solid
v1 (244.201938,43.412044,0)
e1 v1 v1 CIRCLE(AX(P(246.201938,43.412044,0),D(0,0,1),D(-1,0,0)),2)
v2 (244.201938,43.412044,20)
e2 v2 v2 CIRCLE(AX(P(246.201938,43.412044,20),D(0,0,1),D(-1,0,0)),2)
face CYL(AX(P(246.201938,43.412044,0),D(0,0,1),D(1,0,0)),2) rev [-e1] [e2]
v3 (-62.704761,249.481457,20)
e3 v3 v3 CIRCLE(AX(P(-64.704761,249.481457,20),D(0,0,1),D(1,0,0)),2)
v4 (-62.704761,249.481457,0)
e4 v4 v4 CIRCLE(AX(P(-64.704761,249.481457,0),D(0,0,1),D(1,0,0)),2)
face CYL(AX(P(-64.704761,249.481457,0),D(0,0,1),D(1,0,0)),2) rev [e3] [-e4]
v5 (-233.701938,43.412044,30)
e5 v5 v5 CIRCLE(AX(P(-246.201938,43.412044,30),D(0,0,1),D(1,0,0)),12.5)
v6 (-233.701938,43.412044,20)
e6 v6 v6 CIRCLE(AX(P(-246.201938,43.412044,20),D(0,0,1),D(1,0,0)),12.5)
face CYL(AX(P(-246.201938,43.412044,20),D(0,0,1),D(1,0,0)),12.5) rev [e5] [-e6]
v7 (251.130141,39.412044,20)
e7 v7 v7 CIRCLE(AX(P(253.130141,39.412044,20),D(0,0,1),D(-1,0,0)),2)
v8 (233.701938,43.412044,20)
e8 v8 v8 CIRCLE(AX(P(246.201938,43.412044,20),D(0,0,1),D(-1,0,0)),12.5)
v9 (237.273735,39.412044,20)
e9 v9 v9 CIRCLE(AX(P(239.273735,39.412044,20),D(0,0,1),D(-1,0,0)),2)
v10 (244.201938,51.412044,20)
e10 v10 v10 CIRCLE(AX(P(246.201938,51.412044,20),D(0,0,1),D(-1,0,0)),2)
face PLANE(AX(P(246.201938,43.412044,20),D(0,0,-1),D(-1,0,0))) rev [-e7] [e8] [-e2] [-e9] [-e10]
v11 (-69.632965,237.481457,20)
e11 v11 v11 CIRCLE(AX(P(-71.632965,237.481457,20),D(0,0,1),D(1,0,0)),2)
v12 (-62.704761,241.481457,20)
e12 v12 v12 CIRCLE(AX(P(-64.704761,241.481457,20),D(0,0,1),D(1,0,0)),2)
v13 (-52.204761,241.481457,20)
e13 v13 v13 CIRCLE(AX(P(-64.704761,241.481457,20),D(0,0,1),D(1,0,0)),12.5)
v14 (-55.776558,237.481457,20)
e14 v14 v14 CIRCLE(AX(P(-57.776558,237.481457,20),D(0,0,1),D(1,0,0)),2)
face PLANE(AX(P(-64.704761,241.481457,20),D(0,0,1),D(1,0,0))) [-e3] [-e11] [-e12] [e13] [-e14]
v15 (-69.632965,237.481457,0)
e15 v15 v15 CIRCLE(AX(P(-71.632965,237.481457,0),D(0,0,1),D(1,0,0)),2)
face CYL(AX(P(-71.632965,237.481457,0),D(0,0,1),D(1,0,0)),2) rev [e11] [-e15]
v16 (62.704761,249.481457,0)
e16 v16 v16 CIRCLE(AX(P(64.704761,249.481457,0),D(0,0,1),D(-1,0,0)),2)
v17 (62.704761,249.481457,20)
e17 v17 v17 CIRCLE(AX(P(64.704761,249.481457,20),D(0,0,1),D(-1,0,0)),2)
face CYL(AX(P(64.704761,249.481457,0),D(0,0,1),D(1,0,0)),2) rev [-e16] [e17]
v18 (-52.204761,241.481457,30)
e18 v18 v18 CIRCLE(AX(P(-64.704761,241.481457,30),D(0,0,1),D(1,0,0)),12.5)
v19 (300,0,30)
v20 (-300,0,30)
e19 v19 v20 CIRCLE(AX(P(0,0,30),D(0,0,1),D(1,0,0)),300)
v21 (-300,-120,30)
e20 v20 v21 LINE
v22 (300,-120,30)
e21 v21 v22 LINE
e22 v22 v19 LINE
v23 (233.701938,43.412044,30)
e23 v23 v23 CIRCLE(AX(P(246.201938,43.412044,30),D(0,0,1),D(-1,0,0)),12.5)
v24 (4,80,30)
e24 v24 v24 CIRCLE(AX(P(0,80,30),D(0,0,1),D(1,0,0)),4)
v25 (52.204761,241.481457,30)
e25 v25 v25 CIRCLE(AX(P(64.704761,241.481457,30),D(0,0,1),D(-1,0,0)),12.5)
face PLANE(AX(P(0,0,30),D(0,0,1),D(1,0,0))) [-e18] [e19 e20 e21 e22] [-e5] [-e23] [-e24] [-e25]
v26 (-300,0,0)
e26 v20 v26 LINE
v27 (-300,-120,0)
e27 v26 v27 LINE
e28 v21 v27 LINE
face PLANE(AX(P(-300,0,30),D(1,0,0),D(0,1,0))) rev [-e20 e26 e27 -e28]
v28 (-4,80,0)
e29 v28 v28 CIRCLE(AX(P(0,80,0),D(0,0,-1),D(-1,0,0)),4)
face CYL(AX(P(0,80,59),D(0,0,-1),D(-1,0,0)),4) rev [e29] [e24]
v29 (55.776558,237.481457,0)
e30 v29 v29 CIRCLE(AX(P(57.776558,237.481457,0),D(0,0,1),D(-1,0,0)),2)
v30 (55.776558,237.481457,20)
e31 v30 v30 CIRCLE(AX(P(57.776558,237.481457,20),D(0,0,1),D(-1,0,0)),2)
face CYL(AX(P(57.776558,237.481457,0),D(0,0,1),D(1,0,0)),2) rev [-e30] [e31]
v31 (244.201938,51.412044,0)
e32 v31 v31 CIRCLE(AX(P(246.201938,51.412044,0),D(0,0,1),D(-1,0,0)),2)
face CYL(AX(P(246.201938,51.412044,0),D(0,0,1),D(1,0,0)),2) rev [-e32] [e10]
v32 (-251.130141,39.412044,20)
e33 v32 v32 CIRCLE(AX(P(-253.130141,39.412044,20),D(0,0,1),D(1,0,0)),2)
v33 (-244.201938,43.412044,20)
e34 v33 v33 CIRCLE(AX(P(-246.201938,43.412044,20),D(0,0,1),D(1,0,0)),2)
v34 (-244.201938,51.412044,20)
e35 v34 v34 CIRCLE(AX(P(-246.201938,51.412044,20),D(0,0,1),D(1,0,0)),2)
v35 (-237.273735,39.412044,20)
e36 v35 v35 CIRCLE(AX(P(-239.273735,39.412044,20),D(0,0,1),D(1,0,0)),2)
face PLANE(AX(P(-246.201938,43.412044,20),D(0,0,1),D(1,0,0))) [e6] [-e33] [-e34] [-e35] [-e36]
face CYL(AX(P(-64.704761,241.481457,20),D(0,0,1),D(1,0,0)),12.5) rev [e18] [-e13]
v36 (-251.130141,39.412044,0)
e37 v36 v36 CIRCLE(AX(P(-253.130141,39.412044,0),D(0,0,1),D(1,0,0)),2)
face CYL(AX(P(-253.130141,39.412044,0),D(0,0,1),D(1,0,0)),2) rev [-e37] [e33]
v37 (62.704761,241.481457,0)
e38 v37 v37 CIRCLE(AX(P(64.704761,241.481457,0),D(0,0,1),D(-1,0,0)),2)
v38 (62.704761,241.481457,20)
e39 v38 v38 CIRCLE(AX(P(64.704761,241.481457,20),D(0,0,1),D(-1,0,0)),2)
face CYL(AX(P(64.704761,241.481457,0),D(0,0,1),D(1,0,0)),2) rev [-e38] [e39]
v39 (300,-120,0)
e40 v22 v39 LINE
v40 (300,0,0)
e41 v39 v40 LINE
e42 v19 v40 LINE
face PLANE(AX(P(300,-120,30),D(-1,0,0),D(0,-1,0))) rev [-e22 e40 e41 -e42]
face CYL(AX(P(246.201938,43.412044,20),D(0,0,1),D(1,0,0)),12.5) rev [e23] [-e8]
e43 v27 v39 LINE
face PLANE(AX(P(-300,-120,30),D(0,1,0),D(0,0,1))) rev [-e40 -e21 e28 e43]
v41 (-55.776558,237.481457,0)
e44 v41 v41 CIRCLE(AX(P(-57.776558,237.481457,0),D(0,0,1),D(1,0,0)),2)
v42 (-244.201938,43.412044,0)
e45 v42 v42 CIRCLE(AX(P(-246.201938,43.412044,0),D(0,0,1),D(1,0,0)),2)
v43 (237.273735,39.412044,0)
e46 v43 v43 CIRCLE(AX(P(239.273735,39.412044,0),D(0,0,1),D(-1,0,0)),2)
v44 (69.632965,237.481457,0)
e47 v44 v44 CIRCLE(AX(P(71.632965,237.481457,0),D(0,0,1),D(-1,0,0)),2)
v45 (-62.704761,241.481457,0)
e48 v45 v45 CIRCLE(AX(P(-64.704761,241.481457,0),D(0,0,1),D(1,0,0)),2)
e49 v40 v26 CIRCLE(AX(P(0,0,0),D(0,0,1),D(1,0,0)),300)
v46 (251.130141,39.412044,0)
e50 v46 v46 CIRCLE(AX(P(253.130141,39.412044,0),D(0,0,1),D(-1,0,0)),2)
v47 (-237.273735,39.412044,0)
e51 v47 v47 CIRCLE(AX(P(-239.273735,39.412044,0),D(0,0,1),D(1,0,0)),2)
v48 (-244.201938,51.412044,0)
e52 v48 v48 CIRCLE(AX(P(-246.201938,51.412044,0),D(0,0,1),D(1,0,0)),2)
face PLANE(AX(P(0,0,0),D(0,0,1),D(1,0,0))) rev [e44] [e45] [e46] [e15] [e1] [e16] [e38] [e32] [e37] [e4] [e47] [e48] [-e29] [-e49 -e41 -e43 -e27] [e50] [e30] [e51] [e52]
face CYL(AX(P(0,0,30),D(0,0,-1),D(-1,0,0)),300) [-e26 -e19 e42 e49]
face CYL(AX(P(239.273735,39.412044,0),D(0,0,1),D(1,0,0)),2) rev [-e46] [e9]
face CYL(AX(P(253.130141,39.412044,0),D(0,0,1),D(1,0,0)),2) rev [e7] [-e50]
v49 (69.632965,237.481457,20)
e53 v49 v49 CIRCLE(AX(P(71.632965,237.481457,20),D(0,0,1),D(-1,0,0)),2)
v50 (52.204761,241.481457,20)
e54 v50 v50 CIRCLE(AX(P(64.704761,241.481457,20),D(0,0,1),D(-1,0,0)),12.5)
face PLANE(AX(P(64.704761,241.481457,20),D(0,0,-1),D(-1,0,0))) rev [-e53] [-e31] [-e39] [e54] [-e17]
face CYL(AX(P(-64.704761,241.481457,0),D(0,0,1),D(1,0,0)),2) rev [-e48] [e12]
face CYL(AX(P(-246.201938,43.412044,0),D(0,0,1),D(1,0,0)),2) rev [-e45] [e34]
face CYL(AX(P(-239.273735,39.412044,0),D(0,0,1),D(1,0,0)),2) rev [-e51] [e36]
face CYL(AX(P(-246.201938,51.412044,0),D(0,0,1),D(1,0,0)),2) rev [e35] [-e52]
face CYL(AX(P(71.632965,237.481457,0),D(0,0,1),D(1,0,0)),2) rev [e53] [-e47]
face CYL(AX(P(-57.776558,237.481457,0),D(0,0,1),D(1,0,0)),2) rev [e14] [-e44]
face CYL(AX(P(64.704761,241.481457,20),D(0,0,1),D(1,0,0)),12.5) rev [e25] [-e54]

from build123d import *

# Parameters (mm, degrees)
EXTRUDE_1_DEPTH     = 30
SKETCH_2_R          = 12.5
CUT_EXTRUDE_1_DEPTH = 10
SKETCH_4_R          = 2
CUT_EXTRUDE_2_DEPTH = 20
SKETCH_6_R          = 4
CUT_EXTRUDE_3_DEPTH = 59


with BuildPart() as part:
    # 草图1 → 凸台-拉伸1 (new body)
    with BuildSketch(Plane.XY):
        with BuildLine():
            Line((-300, 0), (-300, -120))
            Line((-300, -120), (300, -120))
            Line((300, -120), (300, 0))
            ThreePointArc((300, 0), (0, 300), (-300, 0))
        make_face()
    extrude(amount=EXTRUDE_1_DEPTH)

    # 草图2 → 切除-拉伸1 (cut)
    with BuildSketch(Plane.XY.offset(30)):
        with Locations((-246.201938253, 43.412044417)):
            Circle(SKETCH_2_R)
        with Locations((-64.704761276, 241.481456572)):
            Circle(SKETCH_2_R)
        with Locations(Location((246.201938253, 43.412044417, 0), (0, 0, 180))):
            Circle(SKETCH_2_R)
        with Locations(Location((64.704761276, 241.481456572, 0), (0, 0, 180))):
            Circle(SKETCH_2_R)
    extrude(amount=-CUT_EXTRUDE_1_DEPTH, mode=Mode.SUBTRACT)

    # 草图4 → 切除-拉伸2 (cut)
    with BuildSketch(Plane.XY.offset(20)):
        with Locations((-246.201938253, 43.412044417)):
            Circle(SKETCH_4_R)
        with Locations((-246.201938253, 51.412044417)):
            Circle(SKETCH_4_R)
        with Locations((-253.130141483, 39.412044417)):
            Circle(SKETCH_4_R)
        with Locations((-239.273735023, 39.412044417)):
            Circle(SKETCH_4_R)
        with Locations((-64.704761276, 249.481456572)):
            Circle(SKETCH_4_R)
        with Locations((-71.632964506, 237.481456572)):
            Circle(SKETCH_4_R)
        with Locations((-57.776558045, 237.481456572)):
            Circle(SKETCH_4_R)
        with Locations((-64.704761276, 241.481456572)):
            Circle(SKETCH_4_R)
        with Locations(Location((64.704761276, 241.481456572, 0), (0, 0, 180))):
            Circle(SKETCH_4_R)
        with Locations(Location((57.776558045, 237.481456572, 0), (0, 0, 180))):
            Circle(SKETCH_4_R)
        with Locations(Location((71.632964506, 237.481456572, 0), (0, 0, 180))):
            Circle(SKETCH_4_R)
        with Locations(Location((64.704761276, 249.481456572, 0), (0, 0, 180))):
            Circle(SKETCH_4_R)
        with Locations(Location((239.273735023, 39.412044417, 0), (0, 0, 180))):
            Circle(SKETCH_4_R)
        with Locations(Location((253.130141483, 39.412044417, 0), (0, 0, 180))):
            Circle(SKETCH_4_R)
        with Locations(Location((246.201938253, 51.412044417, 0), (0, 0, 180))):
            Circle(SKETCH_4_R)
        with Locations(Location((246.201938253, 43.412044417, 0), (0, 0, 180))):
            Circle(SKETCH_4_R)
    extrude(amount=-CUT_EXTRUDE_2_DEPTH, mode=Mode.SUBTRACT)

    # 草图6 → 切除-拉伸3 (cut)
    with BuildSketch(Plane(origin=(0, 0, 0), x_dir=(-1, 0, 0), z_dir=(0, 0, -1))):
        with Locations((0, 80)):
            Circle(SKETCH_6_R)
    extrude(amount=-CUT_EXTRUDE_3_DEPTH, mode=Mode.SUBTRACT)


solid = part.part
